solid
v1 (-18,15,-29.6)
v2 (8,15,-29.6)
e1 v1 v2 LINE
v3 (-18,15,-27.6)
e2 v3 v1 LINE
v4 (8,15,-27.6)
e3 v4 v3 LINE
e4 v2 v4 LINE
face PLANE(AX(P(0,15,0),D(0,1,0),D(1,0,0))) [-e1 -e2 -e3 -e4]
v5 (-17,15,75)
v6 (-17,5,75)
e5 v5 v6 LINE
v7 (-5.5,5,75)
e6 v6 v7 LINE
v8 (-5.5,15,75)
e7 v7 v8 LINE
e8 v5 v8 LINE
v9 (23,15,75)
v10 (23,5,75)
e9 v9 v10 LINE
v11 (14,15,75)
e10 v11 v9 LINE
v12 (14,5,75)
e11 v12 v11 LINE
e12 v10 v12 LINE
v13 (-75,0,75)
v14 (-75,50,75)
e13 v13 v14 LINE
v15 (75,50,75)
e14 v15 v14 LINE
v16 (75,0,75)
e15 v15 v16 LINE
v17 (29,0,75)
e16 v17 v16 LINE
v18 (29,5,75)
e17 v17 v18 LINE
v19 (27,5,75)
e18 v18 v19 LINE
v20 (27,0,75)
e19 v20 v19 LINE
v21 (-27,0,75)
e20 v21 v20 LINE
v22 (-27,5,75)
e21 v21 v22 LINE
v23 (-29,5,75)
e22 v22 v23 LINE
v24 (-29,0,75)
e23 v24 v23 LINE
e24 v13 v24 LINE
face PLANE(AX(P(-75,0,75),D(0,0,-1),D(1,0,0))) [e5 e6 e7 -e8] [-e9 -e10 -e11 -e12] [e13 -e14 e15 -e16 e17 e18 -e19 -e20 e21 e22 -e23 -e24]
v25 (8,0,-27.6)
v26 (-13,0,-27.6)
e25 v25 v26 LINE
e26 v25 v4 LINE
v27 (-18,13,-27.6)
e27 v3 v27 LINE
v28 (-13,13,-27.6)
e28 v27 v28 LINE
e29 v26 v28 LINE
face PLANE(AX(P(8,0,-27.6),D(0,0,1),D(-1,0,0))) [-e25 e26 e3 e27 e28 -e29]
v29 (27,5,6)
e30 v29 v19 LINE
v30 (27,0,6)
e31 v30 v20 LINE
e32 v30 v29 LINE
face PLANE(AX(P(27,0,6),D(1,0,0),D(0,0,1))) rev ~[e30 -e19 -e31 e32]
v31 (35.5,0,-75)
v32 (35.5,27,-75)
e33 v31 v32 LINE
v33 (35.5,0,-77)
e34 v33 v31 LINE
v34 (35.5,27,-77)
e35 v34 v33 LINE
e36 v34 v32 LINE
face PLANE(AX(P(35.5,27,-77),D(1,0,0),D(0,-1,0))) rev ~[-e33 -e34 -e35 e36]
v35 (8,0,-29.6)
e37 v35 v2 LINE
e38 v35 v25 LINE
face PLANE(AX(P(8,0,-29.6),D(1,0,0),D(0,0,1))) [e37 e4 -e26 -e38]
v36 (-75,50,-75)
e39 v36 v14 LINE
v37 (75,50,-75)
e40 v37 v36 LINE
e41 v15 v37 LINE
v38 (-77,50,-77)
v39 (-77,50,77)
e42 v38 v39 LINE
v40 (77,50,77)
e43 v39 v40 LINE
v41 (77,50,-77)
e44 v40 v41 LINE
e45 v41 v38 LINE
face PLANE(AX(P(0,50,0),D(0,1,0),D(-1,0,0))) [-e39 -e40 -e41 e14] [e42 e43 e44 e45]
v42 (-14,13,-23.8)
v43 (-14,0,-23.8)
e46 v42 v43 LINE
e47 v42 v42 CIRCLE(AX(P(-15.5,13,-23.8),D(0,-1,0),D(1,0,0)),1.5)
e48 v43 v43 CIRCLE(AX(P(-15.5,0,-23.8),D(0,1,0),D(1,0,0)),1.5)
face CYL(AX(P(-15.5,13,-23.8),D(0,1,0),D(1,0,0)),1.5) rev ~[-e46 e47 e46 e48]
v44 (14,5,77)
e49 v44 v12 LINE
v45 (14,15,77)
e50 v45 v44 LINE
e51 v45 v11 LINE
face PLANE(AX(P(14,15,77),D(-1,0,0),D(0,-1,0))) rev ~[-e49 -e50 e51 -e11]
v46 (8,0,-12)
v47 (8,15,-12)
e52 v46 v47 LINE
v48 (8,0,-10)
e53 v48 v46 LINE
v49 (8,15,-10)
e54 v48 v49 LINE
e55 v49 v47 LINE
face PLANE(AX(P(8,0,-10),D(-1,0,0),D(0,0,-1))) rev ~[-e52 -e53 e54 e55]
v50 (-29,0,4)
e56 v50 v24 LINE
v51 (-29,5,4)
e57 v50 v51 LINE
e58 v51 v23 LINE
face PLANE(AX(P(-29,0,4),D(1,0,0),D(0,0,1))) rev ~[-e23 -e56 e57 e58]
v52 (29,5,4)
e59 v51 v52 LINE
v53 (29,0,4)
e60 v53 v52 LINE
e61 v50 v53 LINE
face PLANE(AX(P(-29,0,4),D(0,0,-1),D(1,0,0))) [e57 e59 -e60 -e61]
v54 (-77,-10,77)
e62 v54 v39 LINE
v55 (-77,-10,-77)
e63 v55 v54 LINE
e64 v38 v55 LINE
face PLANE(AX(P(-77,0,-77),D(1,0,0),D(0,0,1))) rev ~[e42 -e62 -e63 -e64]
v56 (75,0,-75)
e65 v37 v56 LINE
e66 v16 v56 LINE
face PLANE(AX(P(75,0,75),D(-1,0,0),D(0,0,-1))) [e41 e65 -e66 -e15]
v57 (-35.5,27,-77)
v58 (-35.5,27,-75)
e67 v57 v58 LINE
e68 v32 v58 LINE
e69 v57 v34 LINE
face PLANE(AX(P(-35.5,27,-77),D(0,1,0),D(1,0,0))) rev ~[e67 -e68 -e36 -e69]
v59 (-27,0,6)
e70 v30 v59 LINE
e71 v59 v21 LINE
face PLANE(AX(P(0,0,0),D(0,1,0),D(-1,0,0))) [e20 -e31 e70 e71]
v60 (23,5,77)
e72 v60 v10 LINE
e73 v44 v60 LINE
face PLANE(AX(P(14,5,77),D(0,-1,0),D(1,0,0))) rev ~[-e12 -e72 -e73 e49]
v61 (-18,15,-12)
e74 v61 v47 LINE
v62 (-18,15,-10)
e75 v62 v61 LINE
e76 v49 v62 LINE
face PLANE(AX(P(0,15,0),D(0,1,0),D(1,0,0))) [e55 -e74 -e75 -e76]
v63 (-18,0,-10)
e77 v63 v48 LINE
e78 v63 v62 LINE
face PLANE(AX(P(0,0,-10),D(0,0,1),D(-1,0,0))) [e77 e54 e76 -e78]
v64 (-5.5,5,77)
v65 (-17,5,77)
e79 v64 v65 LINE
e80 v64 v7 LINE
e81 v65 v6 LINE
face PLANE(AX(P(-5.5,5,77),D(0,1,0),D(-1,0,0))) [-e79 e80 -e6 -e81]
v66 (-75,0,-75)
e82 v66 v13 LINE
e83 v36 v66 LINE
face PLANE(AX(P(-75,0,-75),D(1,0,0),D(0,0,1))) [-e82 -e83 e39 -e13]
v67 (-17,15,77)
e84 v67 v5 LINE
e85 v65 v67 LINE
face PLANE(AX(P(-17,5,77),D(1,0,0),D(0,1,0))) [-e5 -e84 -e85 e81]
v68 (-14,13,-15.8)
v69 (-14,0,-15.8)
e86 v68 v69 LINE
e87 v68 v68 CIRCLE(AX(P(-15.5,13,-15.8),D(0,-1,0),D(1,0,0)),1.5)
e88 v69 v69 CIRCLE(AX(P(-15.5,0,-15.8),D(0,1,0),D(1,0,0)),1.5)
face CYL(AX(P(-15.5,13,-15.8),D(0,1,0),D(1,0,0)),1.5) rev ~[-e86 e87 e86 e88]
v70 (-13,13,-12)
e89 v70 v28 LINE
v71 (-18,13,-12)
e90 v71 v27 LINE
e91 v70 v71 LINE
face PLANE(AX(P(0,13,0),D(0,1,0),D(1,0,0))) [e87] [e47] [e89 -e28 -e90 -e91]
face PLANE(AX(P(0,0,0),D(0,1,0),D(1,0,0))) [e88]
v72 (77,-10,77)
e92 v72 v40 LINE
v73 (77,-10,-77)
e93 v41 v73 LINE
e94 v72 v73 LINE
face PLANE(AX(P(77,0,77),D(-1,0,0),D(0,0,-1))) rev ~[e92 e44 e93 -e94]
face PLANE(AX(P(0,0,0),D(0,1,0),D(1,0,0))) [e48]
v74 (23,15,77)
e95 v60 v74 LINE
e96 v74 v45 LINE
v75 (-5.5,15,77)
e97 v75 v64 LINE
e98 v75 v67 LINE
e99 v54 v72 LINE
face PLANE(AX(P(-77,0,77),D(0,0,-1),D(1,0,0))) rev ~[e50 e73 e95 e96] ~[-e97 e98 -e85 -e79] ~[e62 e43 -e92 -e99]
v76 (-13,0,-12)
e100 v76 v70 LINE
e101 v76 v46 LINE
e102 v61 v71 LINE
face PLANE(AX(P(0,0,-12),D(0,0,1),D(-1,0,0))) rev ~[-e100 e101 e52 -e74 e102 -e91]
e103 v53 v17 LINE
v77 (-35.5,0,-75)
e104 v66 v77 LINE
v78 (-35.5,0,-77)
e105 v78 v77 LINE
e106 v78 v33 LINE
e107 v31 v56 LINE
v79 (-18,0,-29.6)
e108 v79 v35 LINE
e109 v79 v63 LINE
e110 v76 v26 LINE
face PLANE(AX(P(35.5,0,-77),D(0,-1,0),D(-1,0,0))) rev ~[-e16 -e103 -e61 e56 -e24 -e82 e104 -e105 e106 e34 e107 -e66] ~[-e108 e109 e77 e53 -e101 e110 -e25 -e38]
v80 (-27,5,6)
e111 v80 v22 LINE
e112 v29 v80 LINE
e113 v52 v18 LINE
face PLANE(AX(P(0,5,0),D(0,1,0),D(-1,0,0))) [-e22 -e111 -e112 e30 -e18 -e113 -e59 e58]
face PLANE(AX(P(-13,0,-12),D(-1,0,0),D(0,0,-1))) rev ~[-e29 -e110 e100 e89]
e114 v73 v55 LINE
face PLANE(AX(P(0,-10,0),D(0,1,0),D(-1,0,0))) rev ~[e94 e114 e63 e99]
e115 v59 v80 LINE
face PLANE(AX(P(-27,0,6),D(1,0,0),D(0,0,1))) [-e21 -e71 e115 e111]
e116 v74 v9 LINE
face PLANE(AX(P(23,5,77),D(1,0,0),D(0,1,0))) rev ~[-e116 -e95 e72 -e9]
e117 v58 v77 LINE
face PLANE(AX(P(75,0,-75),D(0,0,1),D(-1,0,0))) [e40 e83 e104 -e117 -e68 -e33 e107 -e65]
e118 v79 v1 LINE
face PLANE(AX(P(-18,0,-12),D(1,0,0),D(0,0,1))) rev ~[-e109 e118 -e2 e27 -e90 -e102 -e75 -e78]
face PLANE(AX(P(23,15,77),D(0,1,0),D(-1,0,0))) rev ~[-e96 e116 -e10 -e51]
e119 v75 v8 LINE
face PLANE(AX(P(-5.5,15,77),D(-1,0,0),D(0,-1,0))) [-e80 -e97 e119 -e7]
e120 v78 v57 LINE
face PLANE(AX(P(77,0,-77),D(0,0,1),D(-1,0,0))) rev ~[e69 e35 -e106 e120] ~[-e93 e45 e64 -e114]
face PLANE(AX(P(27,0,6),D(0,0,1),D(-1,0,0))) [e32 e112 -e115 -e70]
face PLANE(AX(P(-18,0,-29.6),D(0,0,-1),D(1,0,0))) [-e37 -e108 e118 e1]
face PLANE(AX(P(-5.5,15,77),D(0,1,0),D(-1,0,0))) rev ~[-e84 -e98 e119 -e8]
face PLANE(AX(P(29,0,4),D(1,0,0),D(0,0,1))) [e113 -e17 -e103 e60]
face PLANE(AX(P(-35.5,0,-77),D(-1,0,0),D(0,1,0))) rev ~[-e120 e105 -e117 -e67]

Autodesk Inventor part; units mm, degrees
ref_plane "YZ Plane" through (0, 0, 0) normal (1, 0, 0) x (0, 1, 0)
ref_plane "XZ Plane" through (0, 0, 0) normal (0, 1, 0) x (-1, 0, 0)
ref_plane "XY Plane" through (0, 0, 0) normal (0, 0, 1) x (1, 0, 0)
sketch "草图1" plane through (0, 0, 0) normal (0, 1, 0) x (-1, 0, 0)
  line L0 (77, 77) -> (-77, 77)
  line L1 (-77, 77) -> (-77, -77)
  line L2 (-77, -77) -> (77, -77)
  line L3 (77, -77) -> (77, 77)
  line L4 (0, 0) -> (0, -24)
  line L5 (0, 0) -> (17, 0)
  line L6 (75, 75) -> (-75, 75)
  line L7 (-75, 75) -> (-75, -75)
  line L8 (-75, -75) -> (75, -75)
  line L9 (75, -75) -> (75, 75)
  line L10 (-27, 6) -> (27, 6)
  line L11 (29, 4) -> (-29, 4)
  line L12 (29, 4) -> (29, 75)
  line L13 (-29, 4) -> (-29, 75)
  line L14 (27, 6) -> (27, 75)
  line L15 (-27, 6) -> (-27, 75)
  dimension "d1" = 154
  dimension "d2" = 154
  dimension "d3" = 150
  dimension "d4" = 150
  dimension "d5" = 54
  dimension "d6" = 58
  dimension "d7" = 71
  dimension "d8" = 69
sketch "草图4" plane through (0, 0, 0) normal (0, 1, 0) x (-1, 0, 0)
  line L0 (77, 77) -> (-77, 77)
  line L1 (-77, 77) -> (-77, -77)
  line L2 (-77, -77) -> (77, -77)
  line L3 (77, -77) -> (77, 77)
  line L4 (0, 0) -> (0, -178.4057)
  line L5 (0, 0) -> (-63.1988, 0)
  line L6 (75, 75) -> (-75, 75)
  line L7 (-75, 75) -> (-75, -75)
  line L8 (-75, -75) -> (75, -75)
  line L9 (75, -75) -> (75, 75)
  line L10 (-27, 6) -> (27, 6)
  line L11 (29, 4) -> (-29, 4)
  line L12 (29, 4) -> (29, 75)
  line L13 (-29, 4) -> (-29, 75)
  line L14 (27, 6) -> (27, 75)
  line L15 (-27, 6) -> (-27, 75)
  dimension "d11" = 154
  dimension "d12" = 154
  dimension "d13" = 150
  dimension "d14" = 150
  dimension "d15" = 54
  dimension "d16" = 58
  dimension "d17" = 71
  dimension "d18" = 69
sketch "草图5" plane through (0, 0, 0) normal (0, 1, 0) x (-1, 0, 0)
  line L0 (77, 77) -> (-77, 77)
  line L1 (-77, 77) -> (-77, -77)
  line L2 (-77, -77) -> (77, -77)
  line L3 (77, -77) -> (77, 77)
  line L4 (0, 0) -> (0, -24)
  line L5 (0, 0) -> (17, 0)
  line L6 (75, 75) -> (-75, 75)
  line L7 (-75, 75) -> (-75, -75)
  line L8 (-75, -75) -> (75, -75)
  line L9 (75, -75) -> (75, 75)
  line L10 (-27, 6) -> (27, 6)
  line L11 (29, 4) -> (-29, 4)
  line L12 (29, 4) -> (29, 75)
  line L13 (-29, 4) -> (-29, 75)
  line L14 (27, 6) -> (27, 75)
  line L15 (-27, 6) -> (-27, 75)
  dimension "d19" = 154
  dimension "d20" = 154
  dimension "d21" = 150
  dimension "d22" = 150
  dimension "d23" = 54
  dimension "d24" = 58
  dimension "d25" = 71
  dimension "d26" = 69
sketch "草图6" plane through (0, 0, 0) normal (0, 1, 0) x (-1, 0, 0)
  line L0 (0, 0) -> (0, -24)
  line L1 (0, 0) -> (17, 0)
  line L2 (-75, 75) -> (-75, -75)
  line L3 (-77, 77) -> (-77, -77)
  line L4 (29, 4) -> (-29, 4)
  line L5 (-27, 6) -> (27, 6)
  line L6 (75, 75) -> (-75, 75)
  line L7 (77, 77) -> (-77, 77)
  line L8 (29, 4) -> (29, 75)
  line L9 (27, 6) -> (27, 75)
  line L10 (-29, 4) -> (-29, 75)
  line L11 (-27, 6) -> (-27, 75)
  line L12 (-77, -77) -> (77, -77)
  line L13 (-75, -75) -> (75, -75)
  line L14 (77, -77) -> (77, 77)
  line L15 (75, -75) -> (75, 75)
  dimension "d27" = 154
  dimension "d28" = 154
  dimension "d29" = 150
  dimension "d30" = 150
  dimension "d31" = 54
  dimension "d32" = 58
  dimension "d33" = 71
  dimension "d34" = 69
extrude "拉伸2" add sketch "草图4" along normal blind 5 contours L3 L2 L1 L0 | L6 L15 L10 L14 L12 L11 L13
extrude "拉伸3" add sketch "草图1" against normal blind 10 contours L3 L2 L1 L0 | L9 L8 L7 L6 L13 L11 L12 | L12 L11 L13 L6 L15 L10 L14 | L14 L10 L15 L6
extrude "拉伸4" add sketch "草图5" along normal blind 50
sketch "草图7" plane through (-77, -10, 77) normal (0, 0, 1) x (1, 0, 0)
  line L0 (77, 10) -> (104, 10)
  line L1 (2, 10) -> (152, 10) projected
  line L2 (104, 10) -> (104, 25)
  line L3 (104, 25) -> (50, 25)
  line L4 (50, 25) -> (50, 10)
  line L5 (50, 10) -> (104, 10)
  line L6 (77, 10) -> (77, 15)
  line L7 (77, 15) -> (50, 15)
  line L8 (60, 15) -> (60, 25)
  line L9 (60, 25) -> (50, 25)
  line L10 (60, 25) -> (50, 25)
  line L11 (60, 25) -> (71.5, 25)
  line L12 (71.5, 25) -> (71.5, 15)
  line L13 (50, 25) -> (91, 25)
  line L14 (50, 25) -> (100, 25)
  line L15 (91, 25) -> (91, 15)
  line L16 (91, 15) -> (100, 15)
  line L17 (100, 15) -> (100, 25)
  dimension "d42" = 15
  dimension "d43" = 54
  dimension "d44" = 5
  dimension "d45" = 10
  dimension "d46" = 10
  dimension "d47" = 11.5
  dimension "d48" = 41
  dimension "d49" = 50
  dimension "d50" = 10
extrude "拉伸5" cut sketch "草图7" against normal blind 3 contours L7 L8 L3 L12 | L17 L16 L15 L3
sketch "草图8" plane through (77, -10, -77) normal (0, 0, -1) x (-1, 0, 0)
  line L0 (77, 10) -> (112.5, 10)
  line L1 (50, 10) -> (104, 10) projected
  line L2 (112.5, 10) -> (112.5, 37)
  line L3 (112.5, 37) -> (41.5, 37)
  line L4 (41.5, 37) -> (41.5, 10)
  line L5 (41.5, 10) -> (77, 10)
  dimension "d53" = 35.5
  dimension "d54" = 27
  dimension "d55" = 71
extrude "拉伸6" cut sketch "草图8" against normal blind 3
sketch "草图9" plane through (0, 0, 0) normal (0, 1, 0) x (1, 0, 0)
  line L0 (0, 0) -> (0, 10)
  line L1 (0, 10) -> (-18, 10)
  line L2 (0, 10) -> (8, 10)
  line L3 (8, 10) -> (8, 12)
  line L4 (8, 12) -> (-18, 12)
  line L5 (-18, 12) -> (-18, 10)
  line L6 (0, 12) -> (0, 27.6)
  line L7 (0, 27.6) -> (-18, 27.6)
  line L8 (-18, 27.6) -> (-18, 29.6)
  line L9 (-18, 29.6) -> (8, 29.6)
  line L10 (8, 29.6) -> (8, 27.6)
  line L11 (8, 27.6) -> (0, 27.6)
  line L12 (-18, 27.6) -> (-18, 12)
  line L13 (-18, 12) -> (-13, 12)
  line L14 (-13, 12) -> (-13, 27.6)
  line L15 (-18, 27.6) -> (-13, 27.6)
  dimension "d58" = 10
  dimension "d59" = 18
  dimension "d60" = 8
  dimension "d61" = 15.6
  dimension "d62" = 2
  dimension "d75" = 5
extrude "拉伸8" add sketch "草图9" along normal blind 15 contours L1 L5 L4 L3 L2 | L12 L7 L14 L4 | L8 L9 L10 L11 L7
sketch "草图14" plane through (0, 15, 0) normal (0, 1, 0) x (1, 0, 0)
  line L0 (-13, 12) -> (-13, 27.6) projected
  line L1 (-13, 27.6) -> (-13, 12)
  line L2 (-13, 12) -> (-18, 12)
  line L3 (-18, 12) -> (-18, 27.6)
  line L4 (-18, 27.6) -> (-13, 27.6)
  point P0 (0, 0)
extrude "拉伸9" cut sketch "草图14" against normal blind 2
sketch "草图15" plane through (0, 13, 0) normal (0, 1, 0) x (1, 0, 0)
  line L0 (-18, 27.6) -> (8, 27.6) projected
  line L1 (-18, 27.6) -> (-15.5, 27.6)
  line L2 (-15.5, 27.6) -> (-15.5, 23.8)
  line L3 (-15.5, 23.8) -> (-15.5, 15.8)
  circle A0 centre (-15.5, 23.8) radius 1.5
  circle A1 centre (-15.5, 15.8) radius 1.5
  point P0 (0, 0)
  dimension "d80" = 2.5
  dimension "d81" = 3.8
  dimension "d82" = 8
  dimension "d83" = 3
  dimension "d84" = 3
extrude "拉伸10" cut sketch "草图15" against normal blind 13
properties part number "底座"
